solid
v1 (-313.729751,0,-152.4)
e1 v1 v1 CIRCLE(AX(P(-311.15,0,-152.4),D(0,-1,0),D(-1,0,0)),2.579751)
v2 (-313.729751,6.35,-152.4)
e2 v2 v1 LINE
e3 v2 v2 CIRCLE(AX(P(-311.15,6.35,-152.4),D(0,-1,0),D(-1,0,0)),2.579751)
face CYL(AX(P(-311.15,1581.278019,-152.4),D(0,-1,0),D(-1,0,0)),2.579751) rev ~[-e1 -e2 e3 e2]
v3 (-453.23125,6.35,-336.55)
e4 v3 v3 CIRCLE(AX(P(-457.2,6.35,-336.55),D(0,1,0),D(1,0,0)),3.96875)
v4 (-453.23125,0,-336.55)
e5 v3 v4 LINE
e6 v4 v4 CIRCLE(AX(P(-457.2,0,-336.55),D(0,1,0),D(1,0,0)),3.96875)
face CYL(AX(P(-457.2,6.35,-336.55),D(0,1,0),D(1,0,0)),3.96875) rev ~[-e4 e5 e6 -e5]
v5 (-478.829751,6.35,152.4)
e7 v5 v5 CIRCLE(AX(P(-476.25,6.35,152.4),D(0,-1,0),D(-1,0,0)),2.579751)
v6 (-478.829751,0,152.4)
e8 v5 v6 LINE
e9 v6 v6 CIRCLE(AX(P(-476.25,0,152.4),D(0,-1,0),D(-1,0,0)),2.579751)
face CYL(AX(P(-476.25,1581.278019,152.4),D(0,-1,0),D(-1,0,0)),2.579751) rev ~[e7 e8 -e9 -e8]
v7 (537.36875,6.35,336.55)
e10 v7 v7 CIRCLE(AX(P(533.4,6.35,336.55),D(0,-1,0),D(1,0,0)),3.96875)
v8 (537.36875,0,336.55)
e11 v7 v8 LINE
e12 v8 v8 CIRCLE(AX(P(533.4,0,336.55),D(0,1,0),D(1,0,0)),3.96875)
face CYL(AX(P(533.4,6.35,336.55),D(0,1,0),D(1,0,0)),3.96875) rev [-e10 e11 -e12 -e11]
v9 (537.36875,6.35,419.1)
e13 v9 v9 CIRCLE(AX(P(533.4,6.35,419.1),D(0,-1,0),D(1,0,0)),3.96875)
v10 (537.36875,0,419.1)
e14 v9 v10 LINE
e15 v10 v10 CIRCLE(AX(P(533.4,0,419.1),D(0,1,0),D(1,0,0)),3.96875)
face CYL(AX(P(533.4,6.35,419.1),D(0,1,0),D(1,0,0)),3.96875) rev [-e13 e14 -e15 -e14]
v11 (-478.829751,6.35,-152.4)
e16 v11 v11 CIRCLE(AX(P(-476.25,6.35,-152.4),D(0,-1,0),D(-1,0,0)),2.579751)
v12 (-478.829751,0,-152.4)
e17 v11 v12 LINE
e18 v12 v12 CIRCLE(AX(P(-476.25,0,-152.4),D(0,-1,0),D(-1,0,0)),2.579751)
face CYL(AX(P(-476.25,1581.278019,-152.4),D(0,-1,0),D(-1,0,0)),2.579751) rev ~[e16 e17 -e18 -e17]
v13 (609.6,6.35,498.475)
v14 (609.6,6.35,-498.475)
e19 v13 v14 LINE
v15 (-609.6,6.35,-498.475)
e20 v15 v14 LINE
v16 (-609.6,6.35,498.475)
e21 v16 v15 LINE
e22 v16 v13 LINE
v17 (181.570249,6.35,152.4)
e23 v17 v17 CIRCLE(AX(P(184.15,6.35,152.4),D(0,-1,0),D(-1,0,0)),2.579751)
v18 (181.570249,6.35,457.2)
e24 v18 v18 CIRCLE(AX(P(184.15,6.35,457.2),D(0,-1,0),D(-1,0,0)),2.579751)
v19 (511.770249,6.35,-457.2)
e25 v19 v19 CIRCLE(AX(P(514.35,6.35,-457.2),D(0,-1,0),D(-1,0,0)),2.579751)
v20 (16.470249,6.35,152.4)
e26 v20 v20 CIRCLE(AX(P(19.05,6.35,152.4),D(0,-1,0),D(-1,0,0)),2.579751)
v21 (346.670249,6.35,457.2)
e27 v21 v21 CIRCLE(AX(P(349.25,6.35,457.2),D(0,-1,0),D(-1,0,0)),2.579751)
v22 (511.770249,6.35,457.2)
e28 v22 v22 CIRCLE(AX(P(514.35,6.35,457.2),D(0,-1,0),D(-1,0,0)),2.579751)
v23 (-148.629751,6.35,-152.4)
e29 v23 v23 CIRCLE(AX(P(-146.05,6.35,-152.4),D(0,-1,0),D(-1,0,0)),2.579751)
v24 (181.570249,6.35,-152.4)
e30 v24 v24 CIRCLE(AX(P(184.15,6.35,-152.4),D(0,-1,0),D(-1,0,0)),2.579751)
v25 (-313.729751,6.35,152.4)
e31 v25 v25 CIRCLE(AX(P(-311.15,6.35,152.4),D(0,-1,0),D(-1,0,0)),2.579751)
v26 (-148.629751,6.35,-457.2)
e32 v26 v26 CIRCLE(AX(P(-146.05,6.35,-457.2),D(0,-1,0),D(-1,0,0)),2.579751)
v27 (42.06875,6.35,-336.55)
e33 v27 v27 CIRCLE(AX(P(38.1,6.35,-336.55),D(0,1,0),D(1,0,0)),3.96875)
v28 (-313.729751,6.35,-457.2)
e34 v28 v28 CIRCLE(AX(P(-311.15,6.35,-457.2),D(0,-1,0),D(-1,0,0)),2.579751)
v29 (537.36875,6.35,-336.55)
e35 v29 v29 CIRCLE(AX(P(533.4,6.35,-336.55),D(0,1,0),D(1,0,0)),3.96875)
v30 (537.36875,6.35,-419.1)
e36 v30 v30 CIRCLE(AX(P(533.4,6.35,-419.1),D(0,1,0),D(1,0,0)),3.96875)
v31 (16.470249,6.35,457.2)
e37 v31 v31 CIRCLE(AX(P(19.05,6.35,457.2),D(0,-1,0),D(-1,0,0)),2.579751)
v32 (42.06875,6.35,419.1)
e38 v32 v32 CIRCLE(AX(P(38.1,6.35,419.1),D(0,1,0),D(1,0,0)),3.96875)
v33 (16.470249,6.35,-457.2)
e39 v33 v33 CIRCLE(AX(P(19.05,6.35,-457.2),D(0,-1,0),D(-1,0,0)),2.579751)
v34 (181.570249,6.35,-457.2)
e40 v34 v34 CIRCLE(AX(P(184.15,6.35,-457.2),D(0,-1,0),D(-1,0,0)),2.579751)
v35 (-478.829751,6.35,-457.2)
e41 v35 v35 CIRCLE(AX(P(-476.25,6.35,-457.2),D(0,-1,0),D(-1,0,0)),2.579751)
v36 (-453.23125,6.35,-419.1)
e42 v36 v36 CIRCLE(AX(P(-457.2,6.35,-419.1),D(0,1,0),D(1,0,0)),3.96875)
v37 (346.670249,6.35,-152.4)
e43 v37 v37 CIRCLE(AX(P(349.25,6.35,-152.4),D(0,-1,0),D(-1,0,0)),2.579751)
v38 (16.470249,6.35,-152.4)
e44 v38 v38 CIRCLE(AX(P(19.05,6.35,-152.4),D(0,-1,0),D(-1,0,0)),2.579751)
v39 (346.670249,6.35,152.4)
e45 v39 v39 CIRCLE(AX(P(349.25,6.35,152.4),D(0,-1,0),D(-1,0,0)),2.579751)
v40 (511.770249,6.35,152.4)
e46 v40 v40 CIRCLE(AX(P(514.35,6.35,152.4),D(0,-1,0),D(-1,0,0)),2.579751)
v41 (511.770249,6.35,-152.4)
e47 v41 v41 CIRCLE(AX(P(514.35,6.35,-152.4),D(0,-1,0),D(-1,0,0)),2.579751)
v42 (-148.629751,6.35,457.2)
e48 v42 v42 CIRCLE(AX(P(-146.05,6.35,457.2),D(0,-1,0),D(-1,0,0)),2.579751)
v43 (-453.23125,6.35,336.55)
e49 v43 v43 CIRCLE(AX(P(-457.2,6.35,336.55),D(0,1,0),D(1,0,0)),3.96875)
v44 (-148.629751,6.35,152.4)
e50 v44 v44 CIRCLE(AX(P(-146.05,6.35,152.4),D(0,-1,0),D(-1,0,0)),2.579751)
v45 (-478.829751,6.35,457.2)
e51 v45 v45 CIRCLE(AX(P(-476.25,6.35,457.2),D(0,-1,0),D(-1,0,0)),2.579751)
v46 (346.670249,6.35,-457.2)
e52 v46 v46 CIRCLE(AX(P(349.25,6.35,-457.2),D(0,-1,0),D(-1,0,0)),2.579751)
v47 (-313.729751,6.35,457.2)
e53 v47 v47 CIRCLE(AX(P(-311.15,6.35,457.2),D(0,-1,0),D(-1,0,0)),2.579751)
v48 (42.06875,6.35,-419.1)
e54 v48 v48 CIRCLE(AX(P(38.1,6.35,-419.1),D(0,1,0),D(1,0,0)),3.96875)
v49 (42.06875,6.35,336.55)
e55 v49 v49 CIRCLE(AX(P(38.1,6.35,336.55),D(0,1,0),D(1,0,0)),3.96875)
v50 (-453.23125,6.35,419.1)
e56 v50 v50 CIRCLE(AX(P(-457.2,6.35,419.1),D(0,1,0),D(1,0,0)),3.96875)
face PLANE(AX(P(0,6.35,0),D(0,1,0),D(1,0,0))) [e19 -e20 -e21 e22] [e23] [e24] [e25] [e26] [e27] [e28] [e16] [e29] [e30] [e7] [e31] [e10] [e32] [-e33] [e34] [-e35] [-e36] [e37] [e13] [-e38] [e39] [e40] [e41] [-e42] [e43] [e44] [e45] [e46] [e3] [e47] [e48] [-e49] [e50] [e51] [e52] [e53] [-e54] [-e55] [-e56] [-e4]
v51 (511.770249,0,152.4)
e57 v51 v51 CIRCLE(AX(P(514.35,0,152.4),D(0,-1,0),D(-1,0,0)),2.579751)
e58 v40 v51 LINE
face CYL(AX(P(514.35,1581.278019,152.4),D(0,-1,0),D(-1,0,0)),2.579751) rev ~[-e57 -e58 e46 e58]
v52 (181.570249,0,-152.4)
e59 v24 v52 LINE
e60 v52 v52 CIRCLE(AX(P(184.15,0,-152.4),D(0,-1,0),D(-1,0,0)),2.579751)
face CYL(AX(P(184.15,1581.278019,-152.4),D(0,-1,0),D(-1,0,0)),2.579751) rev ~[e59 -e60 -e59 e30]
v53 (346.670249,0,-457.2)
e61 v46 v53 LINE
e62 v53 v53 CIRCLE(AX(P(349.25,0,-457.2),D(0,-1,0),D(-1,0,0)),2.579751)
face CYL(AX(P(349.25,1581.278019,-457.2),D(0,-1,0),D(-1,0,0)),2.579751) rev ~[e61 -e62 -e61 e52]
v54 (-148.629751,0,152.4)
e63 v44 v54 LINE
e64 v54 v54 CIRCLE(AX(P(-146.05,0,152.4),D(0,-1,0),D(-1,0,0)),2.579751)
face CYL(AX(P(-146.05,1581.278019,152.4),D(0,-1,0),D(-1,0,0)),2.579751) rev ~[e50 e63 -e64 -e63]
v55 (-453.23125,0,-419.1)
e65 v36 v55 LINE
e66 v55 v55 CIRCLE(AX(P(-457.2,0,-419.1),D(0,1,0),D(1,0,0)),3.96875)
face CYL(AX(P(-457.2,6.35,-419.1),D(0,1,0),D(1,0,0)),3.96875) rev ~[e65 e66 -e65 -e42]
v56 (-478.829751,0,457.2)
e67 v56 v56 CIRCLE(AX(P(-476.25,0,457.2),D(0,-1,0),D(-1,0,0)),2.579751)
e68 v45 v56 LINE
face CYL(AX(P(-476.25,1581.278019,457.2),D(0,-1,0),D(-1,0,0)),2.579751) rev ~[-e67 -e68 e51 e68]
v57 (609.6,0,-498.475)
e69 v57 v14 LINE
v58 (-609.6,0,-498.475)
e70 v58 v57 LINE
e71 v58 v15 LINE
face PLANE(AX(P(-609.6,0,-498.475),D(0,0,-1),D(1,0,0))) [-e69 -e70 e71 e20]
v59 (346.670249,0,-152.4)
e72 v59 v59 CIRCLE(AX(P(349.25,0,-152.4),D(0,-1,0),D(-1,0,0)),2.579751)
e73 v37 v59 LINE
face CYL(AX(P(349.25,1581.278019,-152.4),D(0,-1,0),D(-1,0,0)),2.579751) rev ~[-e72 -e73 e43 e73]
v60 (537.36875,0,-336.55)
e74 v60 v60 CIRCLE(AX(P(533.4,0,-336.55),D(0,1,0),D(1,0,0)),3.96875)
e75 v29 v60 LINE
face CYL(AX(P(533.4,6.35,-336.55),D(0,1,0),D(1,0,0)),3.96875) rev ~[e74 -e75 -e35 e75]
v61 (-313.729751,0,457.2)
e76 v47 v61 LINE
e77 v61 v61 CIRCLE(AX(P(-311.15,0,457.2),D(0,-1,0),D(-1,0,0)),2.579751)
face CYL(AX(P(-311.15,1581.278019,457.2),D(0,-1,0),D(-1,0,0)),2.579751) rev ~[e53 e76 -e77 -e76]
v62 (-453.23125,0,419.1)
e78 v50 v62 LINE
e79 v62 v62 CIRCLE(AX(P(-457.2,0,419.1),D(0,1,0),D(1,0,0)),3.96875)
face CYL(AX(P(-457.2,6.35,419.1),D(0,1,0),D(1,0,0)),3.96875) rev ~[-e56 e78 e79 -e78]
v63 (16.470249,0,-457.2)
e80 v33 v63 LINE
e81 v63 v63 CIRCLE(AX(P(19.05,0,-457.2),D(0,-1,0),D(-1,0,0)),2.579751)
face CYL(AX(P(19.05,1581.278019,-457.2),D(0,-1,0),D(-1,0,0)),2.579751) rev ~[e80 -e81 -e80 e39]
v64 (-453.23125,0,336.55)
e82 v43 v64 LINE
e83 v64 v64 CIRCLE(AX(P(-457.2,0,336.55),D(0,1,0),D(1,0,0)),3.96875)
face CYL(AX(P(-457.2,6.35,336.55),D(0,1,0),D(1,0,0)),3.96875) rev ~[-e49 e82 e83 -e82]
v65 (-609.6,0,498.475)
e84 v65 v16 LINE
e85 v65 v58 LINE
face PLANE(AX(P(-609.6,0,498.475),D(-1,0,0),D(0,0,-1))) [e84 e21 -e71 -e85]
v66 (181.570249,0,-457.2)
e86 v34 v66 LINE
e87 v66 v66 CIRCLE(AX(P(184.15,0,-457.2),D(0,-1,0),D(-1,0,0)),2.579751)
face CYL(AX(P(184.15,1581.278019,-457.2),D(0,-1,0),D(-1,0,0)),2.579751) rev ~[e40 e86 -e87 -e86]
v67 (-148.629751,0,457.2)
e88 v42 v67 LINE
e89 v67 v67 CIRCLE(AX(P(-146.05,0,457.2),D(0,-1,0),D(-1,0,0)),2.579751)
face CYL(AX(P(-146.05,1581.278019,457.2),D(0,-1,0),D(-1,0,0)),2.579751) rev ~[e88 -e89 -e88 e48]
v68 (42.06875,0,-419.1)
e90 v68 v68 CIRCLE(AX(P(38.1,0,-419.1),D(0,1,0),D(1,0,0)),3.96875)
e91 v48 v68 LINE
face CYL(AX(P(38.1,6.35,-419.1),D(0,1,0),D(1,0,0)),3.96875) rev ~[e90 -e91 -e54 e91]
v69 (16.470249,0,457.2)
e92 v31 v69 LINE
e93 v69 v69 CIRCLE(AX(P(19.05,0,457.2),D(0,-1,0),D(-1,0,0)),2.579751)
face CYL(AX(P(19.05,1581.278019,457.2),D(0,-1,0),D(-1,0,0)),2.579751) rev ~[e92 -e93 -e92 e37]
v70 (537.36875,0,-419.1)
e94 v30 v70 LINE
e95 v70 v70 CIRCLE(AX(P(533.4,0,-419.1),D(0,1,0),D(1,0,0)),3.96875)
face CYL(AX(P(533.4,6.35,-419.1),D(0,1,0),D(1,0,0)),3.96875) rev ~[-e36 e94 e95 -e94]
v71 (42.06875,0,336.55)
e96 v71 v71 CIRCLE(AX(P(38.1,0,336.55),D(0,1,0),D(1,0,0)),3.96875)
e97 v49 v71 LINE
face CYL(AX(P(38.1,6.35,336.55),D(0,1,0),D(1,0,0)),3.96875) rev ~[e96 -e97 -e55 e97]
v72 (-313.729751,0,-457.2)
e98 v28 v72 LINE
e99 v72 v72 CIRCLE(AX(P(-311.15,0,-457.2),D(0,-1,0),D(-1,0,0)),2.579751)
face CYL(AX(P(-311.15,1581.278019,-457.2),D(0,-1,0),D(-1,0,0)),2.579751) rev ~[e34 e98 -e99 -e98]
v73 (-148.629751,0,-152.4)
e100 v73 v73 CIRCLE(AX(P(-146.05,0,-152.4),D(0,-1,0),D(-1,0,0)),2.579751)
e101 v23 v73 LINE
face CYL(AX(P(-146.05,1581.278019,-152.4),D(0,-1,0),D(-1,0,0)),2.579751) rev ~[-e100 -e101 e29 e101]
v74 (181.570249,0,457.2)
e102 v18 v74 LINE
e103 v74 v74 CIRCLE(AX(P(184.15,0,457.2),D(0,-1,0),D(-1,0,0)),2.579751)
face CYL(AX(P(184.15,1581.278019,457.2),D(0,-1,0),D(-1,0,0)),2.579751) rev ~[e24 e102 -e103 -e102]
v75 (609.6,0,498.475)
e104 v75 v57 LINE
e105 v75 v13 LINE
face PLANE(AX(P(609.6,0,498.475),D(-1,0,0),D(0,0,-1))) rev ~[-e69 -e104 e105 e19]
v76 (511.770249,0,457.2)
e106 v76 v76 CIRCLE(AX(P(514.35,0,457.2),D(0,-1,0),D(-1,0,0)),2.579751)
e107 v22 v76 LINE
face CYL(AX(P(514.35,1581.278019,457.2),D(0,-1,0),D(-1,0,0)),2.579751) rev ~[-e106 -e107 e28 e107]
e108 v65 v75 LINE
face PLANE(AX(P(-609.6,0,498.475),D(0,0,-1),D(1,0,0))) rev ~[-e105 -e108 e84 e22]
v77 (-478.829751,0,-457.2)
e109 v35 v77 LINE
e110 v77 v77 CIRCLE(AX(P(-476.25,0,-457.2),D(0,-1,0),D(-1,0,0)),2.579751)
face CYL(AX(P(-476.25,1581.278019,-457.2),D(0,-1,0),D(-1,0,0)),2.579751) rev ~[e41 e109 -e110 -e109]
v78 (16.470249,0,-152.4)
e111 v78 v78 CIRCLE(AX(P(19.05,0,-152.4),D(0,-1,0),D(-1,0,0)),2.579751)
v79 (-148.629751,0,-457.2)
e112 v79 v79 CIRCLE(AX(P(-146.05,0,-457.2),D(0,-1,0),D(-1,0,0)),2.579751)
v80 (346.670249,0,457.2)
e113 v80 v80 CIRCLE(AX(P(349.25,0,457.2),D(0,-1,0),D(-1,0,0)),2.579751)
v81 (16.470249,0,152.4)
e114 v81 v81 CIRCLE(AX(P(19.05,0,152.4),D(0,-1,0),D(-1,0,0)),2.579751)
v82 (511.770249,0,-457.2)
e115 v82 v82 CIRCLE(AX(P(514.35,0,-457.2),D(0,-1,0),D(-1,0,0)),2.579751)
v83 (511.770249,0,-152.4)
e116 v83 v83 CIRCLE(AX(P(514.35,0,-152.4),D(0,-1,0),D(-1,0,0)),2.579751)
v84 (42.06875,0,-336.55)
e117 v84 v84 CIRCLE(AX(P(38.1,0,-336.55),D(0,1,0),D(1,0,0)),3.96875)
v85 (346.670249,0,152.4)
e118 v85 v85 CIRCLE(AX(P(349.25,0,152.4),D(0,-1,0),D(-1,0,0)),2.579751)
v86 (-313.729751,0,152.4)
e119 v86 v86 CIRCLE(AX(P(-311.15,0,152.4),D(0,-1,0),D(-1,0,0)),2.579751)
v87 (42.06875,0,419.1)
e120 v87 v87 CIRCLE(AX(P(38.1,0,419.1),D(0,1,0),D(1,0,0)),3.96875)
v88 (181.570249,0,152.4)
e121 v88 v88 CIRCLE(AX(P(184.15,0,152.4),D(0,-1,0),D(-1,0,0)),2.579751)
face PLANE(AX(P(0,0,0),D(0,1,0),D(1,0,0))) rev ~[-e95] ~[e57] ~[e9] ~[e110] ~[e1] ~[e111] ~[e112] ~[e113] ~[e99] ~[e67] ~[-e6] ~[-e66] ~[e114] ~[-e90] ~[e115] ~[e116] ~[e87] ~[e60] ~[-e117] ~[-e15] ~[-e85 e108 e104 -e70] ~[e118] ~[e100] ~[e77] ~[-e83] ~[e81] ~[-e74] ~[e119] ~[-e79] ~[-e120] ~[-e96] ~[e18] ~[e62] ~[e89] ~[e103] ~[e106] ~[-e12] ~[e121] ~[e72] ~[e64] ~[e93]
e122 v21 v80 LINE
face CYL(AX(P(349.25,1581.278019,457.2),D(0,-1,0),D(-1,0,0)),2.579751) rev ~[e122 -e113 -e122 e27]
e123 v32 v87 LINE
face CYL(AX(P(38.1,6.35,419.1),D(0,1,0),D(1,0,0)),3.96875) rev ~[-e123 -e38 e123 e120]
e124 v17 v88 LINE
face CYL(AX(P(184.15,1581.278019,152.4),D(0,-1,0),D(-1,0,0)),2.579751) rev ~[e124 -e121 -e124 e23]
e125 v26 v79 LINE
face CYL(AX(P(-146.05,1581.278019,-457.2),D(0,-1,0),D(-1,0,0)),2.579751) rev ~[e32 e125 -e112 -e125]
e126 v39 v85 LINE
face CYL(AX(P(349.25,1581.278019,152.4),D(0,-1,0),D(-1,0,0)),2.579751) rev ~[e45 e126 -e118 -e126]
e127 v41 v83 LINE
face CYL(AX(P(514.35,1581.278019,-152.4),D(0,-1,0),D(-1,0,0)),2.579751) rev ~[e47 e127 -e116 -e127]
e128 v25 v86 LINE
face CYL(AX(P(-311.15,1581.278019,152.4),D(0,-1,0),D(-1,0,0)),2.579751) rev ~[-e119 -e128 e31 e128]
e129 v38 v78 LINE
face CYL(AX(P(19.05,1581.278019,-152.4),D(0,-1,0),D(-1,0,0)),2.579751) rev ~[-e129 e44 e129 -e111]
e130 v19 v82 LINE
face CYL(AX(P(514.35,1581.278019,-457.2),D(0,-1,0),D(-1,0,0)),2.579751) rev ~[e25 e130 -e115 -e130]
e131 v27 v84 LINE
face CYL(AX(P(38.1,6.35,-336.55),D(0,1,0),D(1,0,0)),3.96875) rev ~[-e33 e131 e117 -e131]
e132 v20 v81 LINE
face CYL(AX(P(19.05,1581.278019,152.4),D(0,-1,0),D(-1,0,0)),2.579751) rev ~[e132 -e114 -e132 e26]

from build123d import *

# Parameters (mm, degrees)
SKETCH1_W                        = 1219.2
SKETCH1_H                        = 996.95
BOSS_EXTRUDE1_DEPTH              = 6.35
F_13_64_0_20313_DIAMETER_HOLE1_D = 5.159502
LPATTERN1_COUNT                  = 4
LPATTERN1_PITCH                  = 304.8
LPATTERN1_COUNT_DIR2             = 7
LPATTERN1_PITCH_DIR2             = 165.1
SKETCH4_R                        = 3.96875
CUT_EXTRUDE1_DEPTH               = 7.35
LPATTERN2_COUNT                  = 3
LPATTERN2_PITCH                  = 495.3
LPATTERN2_COPY_1_SKETCH_R        = 3.96875
LPATTERN2_COPY_1_DEPTH           = 7.35
LPATTERN2_COPY_2_SKETCH_R        = 3.96875
LPATTERN2_COPY_2_DEPTH           = 7.35


with BuildPart() as part:
    # Sketch1 → Boss-Extrude1 (new body)
    with BuildSketch(Plane(origin=(0, 0, 0), x_dir=(1, 0, 0), z_dir=(0, 1, 0))):
        Rectangle(SKETCH1_W, SKETCH1_H)
    extrude(amount=BOSS_EXTRUDE1_DEPTH)

    # 13/64 (0.20313) Diameter Hole1 (through all)
    with Locations(Plane(origin=(0, 6.35, 0), x_dir=(1, 0, 0), z_dir=(0, 1, 0))):
        with Locations((514.35, -457.2)):
            f_13_64_0_20313_diameter_hole1 = Hole(F_13_64_0_20313_DIAMETER_HOLE1_D / 2)

    # LPattern1: 13_64 _0.20313_ Diameter Hole1 4 × 7
    with Locations(*[(-j * LPATTERN1_PITCH_DIR2, 0, -i * LPATTERN1_PITCH) for i in range(LPATTERN1_COUNT) for j in range(LPATTERN1_COUNT_DIR2) if (i, j) != (0, 0)]):
        add(f_13_64_0_20313_diameter_hole1, mode=Mode.SUBTRACT)

    # Sketch4 → Cut-Extrude1 (cut, through all)
    with BuildSketch(Plane(origin=(0, 6.35, 0), x_dir=(1, 0, 0), z_dir=(0, 1, 0))):
        with Locations((533.4, 419.1)):
            Circle(SKETCH4_R)
        with Locations((533.4, 336.55)):
            Circle(SKETCH4_R)
    cut_extrude1 = extrude(amount=-CUT_EXTRUDE1_DEPTH, mode=Mode.SUBTRACT)

    # Mirror1: Cut-Extrude1 across plane
    add(cut_extrude1.mirror(Plane.XY), mode=Mode.SUBTRACT)

    # LPattern2: Cut-Extrude1 ×3
    with Locations(*[(-i * LPATTERN2_PITCH, 0, 0) for i in range(1, LPATTERN2_COUNT)]):
        add(cut_extrude1, mode=Mode.SUBTRACT)

    # LPattern2 copy 1 sketch → LPattern2 copy 1 (cut, through all)
    with BuildSketch(Plane(origin=(-495.3, 6.35, 0), x_dir=(1, 0, 0), z_dir=(0, 1, 0))):
        with Locations((533.4, -419.1)):
            Circle(LPATTERN2_COPY_1_SKETCH_R)
        with Locations((533.4, -336.55)):
            Circle(LPATTERN2_COPY_1_SKETCH_R)
    extrude(amount=-LPATTERN2_COPY_1_DEPTH, mode=Mode.SUBTRACT)

    # LPattern2 copy 2 sketch → LPattern2 copy 2 (cut, through all)
    with BuildSketch(Plane(origin=(-990.6, 6.35, 0), x_dir=(1, 0, 0), z_dir=(0, 1, 0))):
        with Locations((533.4, -419.1)):
            Circle(LPATTERN2_COPY_2_SKETCH_R)
        with Locations((533.4, -336.55)):
            Circle(LPATTERN2_COPY_2_SKETCH_R)
    extrude(amount=-LPATTERN2_COPY_2_DEPTH, mode=Mode.SUBTRACT)


solid = part.part
